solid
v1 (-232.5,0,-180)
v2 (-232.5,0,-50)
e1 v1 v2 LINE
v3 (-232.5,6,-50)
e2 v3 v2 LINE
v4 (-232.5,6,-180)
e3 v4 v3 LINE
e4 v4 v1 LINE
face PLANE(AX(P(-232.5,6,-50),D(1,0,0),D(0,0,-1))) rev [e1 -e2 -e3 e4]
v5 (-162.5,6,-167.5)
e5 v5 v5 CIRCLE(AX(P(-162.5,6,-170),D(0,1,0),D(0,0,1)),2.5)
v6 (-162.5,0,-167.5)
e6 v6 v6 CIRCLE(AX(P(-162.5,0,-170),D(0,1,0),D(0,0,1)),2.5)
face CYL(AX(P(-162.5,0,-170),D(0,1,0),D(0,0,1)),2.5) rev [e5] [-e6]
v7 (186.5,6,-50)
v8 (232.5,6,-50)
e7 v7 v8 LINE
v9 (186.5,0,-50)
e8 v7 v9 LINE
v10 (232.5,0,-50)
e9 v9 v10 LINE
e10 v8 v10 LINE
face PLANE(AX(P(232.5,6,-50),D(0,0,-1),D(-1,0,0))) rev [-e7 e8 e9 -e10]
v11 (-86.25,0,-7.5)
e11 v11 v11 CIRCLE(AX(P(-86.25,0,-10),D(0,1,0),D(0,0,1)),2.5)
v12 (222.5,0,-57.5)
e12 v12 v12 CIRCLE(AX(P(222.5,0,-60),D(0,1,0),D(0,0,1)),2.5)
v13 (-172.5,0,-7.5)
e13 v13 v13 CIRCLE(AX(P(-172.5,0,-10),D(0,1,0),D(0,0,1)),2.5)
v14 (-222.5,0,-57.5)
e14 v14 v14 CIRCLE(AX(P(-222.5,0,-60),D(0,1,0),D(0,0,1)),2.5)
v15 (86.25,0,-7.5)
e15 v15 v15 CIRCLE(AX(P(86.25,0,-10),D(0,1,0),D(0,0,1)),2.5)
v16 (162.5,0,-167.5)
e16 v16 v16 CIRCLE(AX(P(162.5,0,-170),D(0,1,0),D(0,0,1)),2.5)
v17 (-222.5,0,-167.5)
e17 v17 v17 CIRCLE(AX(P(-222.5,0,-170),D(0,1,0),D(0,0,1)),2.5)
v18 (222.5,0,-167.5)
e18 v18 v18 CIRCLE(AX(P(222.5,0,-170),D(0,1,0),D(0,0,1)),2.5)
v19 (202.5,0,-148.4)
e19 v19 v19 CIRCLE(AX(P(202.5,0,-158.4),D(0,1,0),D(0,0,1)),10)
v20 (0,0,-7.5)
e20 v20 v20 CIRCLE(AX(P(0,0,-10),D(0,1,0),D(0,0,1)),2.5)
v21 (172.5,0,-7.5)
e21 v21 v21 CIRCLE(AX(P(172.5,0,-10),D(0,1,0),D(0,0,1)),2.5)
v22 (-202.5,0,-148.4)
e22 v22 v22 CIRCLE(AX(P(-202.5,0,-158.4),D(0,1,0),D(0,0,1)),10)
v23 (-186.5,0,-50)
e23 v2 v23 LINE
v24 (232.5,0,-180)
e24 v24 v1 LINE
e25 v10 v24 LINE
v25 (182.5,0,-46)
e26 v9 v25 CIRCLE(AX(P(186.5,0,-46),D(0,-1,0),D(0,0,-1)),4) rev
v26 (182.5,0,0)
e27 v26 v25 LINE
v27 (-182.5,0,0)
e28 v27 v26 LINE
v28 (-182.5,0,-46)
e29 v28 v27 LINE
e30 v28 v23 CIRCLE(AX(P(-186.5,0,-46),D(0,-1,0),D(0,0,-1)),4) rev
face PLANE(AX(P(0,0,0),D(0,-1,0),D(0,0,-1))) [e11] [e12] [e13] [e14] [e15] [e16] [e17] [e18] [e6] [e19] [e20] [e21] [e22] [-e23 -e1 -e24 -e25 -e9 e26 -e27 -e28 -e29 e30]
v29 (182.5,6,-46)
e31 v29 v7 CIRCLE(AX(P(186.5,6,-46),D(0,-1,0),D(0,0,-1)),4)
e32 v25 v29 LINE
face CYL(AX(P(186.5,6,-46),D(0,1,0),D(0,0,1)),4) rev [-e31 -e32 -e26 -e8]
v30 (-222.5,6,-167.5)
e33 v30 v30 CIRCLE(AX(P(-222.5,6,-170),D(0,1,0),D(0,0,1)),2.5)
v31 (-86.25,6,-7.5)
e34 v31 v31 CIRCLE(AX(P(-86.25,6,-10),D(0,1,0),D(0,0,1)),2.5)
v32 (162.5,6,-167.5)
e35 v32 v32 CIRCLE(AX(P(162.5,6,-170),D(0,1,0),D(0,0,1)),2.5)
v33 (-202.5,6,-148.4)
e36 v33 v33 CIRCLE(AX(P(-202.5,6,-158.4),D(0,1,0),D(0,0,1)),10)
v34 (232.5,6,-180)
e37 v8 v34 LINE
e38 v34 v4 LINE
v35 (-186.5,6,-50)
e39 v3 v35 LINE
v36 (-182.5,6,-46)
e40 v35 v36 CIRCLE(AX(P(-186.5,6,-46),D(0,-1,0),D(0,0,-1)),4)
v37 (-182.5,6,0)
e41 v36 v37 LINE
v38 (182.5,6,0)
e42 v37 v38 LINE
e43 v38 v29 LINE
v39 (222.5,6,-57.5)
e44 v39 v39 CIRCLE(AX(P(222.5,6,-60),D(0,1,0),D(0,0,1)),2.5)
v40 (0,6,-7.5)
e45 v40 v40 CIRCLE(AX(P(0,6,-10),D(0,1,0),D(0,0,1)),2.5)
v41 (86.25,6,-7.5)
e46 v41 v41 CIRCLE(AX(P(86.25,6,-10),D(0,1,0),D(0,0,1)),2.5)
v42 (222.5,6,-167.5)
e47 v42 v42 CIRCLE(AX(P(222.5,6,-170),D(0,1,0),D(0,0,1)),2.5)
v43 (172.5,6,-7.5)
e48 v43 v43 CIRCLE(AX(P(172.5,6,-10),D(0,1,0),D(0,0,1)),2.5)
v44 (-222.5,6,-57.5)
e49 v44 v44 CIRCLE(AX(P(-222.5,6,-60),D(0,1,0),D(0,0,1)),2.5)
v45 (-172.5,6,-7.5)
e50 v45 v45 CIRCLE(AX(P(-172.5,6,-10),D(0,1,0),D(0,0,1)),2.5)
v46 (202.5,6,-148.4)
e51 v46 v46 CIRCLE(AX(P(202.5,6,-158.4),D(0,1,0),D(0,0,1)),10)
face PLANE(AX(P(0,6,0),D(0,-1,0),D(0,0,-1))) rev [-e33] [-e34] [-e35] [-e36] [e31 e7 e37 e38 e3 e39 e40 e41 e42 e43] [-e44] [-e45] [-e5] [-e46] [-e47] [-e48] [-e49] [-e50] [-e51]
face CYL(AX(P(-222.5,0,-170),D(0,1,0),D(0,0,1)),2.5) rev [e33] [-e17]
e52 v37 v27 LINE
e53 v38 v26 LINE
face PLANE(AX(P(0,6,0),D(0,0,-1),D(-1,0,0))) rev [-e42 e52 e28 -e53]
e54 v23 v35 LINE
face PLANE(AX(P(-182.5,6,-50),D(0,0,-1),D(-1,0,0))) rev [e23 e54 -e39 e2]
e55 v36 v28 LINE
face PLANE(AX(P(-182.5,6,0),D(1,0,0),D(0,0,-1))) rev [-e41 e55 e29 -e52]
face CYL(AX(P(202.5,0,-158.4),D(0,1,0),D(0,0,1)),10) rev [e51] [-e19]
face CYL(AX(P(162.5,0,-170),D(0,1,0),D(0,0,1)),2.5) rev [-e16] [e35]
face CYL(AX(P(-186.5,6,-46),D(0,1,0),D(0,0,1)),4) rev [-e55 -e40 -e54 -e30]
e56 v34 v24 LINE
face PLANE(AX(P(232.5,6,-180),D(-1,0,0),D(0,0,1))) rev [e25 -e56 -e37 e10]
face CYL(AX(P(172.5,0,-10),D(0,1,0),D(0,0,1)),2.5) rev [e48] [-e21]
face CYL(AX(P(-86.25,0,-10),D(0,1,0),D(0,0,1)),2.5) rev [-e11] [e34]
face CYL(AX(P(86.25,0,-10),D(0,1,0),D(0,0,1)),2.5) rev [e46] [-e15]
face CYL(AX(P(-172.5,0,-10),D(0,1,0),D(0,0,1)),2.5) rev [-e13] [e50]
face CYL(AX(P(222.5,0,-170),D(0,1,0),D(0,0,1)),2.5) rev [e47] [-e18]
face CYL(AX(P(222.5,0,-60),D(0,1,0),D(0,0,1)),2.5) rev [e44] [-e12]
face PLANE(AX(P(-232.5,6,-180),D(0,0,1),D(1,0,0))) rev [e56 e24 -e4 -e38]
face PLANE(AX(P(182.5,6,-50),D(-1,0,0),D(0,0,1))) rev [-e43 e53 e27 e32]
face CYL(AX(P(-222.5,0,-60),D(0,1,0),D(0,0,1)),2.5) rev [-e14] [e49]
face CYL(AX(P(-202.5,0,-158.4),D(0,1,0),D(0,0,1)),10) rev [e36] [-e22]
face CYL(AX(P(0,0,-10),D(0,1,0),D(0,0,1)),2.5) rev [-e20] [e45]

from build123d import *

# Parameters (mm, degrees)
BOSS_EXTRUDE1_DEPTH = 6
SKETCH2_R           = 2.5
CUT_EXTRUDE1_DEPTH  = 295.095647707
FILLET1_R           = 4
SKETCH3_R           = 10
CUT_EXTRUDE2_DEPTH  = 295.095647707


with BuildPart() as part:
    # Sketch1 → Boss-Extrude1 (new body)
    with BuildSketch(Plane(origin=(0, 0, 0), x_dir=(1, 0, 0), z_dir=(0, 1, 0))):
        Polygon((0, 0), (-182.5, 0), (-182.5, 50), (-232.5, 50), (-232.5, 180), (232.5, 180), (232.5, 50), (182.5, 50), (182.5, 0), align=None)
    extrude(amount=BOSS_EXTRUDE1_DEPTH)

    # Sketch2 → Cut-Extrude1 (cut, through all)
    with BuildSketch(Plane(origin=(0, 6, 0), x_dir=(1, 0, 0), z_dir=(0, 1, 0))):
        with Locations(Location((-222.5, 170, 0), (0, 0, 270))):
            Circle(SKETCH2_R)
        with Locations(Location((-222.5, 60, 0), (0, 0, 270))):
            Circle(SKETCH2_R)
        with Locations(Location((222.5, 170, 0), (0, 0, 270))):
            Circle(SKETCH2_R)
        with Locations(Location((222.5, 60, 0), (0, 0, 270))):
            Circle(SKETCH2_R)
        with Locations(Location((-172.5, 10, 0), (0, 0, 270))):
            Circle(SKETCH2_R)
        with Locations(Location((-86.25, 10, 0), (0, 0, 270))):
            Circle(SKETCH2_R)
        with Locations(Location((0, 10, 0), (0, 0, 270))):
            Circle(SKETCH2_R)
        with Locations(Location((86.25, 10, 0), (0, 0, 270))):
            Circle(SKETCH2_R)
        with Locations(Location((172.5, 10, 0), (0, 0, 270))):
            Circle(SKETCH2_R)
        with Locations(Location((-162.5, 170, 0), (0, 0, 270))):
            Circle(SKETCH2_R)
        with Locations(Location((162.5, 170, 0), (0, 0, 270))):
            Circle(SKETCH2_R)
    extrude(amount=-CUT_EXTRUDE1_DEPTH, mode=Mode.SUBTRACT)

    # Fillet1
    fillet1_edges = [part.edges().sort_by_distance(p)[0] for p in [
        (-182.5, 3, -50),
        (182.5, 3, -50),
    ]]
    fillet(fillet1_edges, radius=FILLET1_R)

    # Sketch3 → Cut-Extrude2 (cut, through all)
    with BuildSketch(Plane(origin=(0, 6, 0), x_dir=(1, 0, 0), z_dir=(0, 1, 0))):
        with Locations(Location((-202.5, 158.4, 0), (0, 0, 270))):
            Circle(SKETCH3_R)
        with Locations(Location((202.5, 158.4, 0), (0, 0, 270))):
            Circle(SKETCH3_R)
    extrude(amount=-CUT_EXTRUDE2_DEPTH, mode=Mode.SUBTRACT)


solid = part.part
